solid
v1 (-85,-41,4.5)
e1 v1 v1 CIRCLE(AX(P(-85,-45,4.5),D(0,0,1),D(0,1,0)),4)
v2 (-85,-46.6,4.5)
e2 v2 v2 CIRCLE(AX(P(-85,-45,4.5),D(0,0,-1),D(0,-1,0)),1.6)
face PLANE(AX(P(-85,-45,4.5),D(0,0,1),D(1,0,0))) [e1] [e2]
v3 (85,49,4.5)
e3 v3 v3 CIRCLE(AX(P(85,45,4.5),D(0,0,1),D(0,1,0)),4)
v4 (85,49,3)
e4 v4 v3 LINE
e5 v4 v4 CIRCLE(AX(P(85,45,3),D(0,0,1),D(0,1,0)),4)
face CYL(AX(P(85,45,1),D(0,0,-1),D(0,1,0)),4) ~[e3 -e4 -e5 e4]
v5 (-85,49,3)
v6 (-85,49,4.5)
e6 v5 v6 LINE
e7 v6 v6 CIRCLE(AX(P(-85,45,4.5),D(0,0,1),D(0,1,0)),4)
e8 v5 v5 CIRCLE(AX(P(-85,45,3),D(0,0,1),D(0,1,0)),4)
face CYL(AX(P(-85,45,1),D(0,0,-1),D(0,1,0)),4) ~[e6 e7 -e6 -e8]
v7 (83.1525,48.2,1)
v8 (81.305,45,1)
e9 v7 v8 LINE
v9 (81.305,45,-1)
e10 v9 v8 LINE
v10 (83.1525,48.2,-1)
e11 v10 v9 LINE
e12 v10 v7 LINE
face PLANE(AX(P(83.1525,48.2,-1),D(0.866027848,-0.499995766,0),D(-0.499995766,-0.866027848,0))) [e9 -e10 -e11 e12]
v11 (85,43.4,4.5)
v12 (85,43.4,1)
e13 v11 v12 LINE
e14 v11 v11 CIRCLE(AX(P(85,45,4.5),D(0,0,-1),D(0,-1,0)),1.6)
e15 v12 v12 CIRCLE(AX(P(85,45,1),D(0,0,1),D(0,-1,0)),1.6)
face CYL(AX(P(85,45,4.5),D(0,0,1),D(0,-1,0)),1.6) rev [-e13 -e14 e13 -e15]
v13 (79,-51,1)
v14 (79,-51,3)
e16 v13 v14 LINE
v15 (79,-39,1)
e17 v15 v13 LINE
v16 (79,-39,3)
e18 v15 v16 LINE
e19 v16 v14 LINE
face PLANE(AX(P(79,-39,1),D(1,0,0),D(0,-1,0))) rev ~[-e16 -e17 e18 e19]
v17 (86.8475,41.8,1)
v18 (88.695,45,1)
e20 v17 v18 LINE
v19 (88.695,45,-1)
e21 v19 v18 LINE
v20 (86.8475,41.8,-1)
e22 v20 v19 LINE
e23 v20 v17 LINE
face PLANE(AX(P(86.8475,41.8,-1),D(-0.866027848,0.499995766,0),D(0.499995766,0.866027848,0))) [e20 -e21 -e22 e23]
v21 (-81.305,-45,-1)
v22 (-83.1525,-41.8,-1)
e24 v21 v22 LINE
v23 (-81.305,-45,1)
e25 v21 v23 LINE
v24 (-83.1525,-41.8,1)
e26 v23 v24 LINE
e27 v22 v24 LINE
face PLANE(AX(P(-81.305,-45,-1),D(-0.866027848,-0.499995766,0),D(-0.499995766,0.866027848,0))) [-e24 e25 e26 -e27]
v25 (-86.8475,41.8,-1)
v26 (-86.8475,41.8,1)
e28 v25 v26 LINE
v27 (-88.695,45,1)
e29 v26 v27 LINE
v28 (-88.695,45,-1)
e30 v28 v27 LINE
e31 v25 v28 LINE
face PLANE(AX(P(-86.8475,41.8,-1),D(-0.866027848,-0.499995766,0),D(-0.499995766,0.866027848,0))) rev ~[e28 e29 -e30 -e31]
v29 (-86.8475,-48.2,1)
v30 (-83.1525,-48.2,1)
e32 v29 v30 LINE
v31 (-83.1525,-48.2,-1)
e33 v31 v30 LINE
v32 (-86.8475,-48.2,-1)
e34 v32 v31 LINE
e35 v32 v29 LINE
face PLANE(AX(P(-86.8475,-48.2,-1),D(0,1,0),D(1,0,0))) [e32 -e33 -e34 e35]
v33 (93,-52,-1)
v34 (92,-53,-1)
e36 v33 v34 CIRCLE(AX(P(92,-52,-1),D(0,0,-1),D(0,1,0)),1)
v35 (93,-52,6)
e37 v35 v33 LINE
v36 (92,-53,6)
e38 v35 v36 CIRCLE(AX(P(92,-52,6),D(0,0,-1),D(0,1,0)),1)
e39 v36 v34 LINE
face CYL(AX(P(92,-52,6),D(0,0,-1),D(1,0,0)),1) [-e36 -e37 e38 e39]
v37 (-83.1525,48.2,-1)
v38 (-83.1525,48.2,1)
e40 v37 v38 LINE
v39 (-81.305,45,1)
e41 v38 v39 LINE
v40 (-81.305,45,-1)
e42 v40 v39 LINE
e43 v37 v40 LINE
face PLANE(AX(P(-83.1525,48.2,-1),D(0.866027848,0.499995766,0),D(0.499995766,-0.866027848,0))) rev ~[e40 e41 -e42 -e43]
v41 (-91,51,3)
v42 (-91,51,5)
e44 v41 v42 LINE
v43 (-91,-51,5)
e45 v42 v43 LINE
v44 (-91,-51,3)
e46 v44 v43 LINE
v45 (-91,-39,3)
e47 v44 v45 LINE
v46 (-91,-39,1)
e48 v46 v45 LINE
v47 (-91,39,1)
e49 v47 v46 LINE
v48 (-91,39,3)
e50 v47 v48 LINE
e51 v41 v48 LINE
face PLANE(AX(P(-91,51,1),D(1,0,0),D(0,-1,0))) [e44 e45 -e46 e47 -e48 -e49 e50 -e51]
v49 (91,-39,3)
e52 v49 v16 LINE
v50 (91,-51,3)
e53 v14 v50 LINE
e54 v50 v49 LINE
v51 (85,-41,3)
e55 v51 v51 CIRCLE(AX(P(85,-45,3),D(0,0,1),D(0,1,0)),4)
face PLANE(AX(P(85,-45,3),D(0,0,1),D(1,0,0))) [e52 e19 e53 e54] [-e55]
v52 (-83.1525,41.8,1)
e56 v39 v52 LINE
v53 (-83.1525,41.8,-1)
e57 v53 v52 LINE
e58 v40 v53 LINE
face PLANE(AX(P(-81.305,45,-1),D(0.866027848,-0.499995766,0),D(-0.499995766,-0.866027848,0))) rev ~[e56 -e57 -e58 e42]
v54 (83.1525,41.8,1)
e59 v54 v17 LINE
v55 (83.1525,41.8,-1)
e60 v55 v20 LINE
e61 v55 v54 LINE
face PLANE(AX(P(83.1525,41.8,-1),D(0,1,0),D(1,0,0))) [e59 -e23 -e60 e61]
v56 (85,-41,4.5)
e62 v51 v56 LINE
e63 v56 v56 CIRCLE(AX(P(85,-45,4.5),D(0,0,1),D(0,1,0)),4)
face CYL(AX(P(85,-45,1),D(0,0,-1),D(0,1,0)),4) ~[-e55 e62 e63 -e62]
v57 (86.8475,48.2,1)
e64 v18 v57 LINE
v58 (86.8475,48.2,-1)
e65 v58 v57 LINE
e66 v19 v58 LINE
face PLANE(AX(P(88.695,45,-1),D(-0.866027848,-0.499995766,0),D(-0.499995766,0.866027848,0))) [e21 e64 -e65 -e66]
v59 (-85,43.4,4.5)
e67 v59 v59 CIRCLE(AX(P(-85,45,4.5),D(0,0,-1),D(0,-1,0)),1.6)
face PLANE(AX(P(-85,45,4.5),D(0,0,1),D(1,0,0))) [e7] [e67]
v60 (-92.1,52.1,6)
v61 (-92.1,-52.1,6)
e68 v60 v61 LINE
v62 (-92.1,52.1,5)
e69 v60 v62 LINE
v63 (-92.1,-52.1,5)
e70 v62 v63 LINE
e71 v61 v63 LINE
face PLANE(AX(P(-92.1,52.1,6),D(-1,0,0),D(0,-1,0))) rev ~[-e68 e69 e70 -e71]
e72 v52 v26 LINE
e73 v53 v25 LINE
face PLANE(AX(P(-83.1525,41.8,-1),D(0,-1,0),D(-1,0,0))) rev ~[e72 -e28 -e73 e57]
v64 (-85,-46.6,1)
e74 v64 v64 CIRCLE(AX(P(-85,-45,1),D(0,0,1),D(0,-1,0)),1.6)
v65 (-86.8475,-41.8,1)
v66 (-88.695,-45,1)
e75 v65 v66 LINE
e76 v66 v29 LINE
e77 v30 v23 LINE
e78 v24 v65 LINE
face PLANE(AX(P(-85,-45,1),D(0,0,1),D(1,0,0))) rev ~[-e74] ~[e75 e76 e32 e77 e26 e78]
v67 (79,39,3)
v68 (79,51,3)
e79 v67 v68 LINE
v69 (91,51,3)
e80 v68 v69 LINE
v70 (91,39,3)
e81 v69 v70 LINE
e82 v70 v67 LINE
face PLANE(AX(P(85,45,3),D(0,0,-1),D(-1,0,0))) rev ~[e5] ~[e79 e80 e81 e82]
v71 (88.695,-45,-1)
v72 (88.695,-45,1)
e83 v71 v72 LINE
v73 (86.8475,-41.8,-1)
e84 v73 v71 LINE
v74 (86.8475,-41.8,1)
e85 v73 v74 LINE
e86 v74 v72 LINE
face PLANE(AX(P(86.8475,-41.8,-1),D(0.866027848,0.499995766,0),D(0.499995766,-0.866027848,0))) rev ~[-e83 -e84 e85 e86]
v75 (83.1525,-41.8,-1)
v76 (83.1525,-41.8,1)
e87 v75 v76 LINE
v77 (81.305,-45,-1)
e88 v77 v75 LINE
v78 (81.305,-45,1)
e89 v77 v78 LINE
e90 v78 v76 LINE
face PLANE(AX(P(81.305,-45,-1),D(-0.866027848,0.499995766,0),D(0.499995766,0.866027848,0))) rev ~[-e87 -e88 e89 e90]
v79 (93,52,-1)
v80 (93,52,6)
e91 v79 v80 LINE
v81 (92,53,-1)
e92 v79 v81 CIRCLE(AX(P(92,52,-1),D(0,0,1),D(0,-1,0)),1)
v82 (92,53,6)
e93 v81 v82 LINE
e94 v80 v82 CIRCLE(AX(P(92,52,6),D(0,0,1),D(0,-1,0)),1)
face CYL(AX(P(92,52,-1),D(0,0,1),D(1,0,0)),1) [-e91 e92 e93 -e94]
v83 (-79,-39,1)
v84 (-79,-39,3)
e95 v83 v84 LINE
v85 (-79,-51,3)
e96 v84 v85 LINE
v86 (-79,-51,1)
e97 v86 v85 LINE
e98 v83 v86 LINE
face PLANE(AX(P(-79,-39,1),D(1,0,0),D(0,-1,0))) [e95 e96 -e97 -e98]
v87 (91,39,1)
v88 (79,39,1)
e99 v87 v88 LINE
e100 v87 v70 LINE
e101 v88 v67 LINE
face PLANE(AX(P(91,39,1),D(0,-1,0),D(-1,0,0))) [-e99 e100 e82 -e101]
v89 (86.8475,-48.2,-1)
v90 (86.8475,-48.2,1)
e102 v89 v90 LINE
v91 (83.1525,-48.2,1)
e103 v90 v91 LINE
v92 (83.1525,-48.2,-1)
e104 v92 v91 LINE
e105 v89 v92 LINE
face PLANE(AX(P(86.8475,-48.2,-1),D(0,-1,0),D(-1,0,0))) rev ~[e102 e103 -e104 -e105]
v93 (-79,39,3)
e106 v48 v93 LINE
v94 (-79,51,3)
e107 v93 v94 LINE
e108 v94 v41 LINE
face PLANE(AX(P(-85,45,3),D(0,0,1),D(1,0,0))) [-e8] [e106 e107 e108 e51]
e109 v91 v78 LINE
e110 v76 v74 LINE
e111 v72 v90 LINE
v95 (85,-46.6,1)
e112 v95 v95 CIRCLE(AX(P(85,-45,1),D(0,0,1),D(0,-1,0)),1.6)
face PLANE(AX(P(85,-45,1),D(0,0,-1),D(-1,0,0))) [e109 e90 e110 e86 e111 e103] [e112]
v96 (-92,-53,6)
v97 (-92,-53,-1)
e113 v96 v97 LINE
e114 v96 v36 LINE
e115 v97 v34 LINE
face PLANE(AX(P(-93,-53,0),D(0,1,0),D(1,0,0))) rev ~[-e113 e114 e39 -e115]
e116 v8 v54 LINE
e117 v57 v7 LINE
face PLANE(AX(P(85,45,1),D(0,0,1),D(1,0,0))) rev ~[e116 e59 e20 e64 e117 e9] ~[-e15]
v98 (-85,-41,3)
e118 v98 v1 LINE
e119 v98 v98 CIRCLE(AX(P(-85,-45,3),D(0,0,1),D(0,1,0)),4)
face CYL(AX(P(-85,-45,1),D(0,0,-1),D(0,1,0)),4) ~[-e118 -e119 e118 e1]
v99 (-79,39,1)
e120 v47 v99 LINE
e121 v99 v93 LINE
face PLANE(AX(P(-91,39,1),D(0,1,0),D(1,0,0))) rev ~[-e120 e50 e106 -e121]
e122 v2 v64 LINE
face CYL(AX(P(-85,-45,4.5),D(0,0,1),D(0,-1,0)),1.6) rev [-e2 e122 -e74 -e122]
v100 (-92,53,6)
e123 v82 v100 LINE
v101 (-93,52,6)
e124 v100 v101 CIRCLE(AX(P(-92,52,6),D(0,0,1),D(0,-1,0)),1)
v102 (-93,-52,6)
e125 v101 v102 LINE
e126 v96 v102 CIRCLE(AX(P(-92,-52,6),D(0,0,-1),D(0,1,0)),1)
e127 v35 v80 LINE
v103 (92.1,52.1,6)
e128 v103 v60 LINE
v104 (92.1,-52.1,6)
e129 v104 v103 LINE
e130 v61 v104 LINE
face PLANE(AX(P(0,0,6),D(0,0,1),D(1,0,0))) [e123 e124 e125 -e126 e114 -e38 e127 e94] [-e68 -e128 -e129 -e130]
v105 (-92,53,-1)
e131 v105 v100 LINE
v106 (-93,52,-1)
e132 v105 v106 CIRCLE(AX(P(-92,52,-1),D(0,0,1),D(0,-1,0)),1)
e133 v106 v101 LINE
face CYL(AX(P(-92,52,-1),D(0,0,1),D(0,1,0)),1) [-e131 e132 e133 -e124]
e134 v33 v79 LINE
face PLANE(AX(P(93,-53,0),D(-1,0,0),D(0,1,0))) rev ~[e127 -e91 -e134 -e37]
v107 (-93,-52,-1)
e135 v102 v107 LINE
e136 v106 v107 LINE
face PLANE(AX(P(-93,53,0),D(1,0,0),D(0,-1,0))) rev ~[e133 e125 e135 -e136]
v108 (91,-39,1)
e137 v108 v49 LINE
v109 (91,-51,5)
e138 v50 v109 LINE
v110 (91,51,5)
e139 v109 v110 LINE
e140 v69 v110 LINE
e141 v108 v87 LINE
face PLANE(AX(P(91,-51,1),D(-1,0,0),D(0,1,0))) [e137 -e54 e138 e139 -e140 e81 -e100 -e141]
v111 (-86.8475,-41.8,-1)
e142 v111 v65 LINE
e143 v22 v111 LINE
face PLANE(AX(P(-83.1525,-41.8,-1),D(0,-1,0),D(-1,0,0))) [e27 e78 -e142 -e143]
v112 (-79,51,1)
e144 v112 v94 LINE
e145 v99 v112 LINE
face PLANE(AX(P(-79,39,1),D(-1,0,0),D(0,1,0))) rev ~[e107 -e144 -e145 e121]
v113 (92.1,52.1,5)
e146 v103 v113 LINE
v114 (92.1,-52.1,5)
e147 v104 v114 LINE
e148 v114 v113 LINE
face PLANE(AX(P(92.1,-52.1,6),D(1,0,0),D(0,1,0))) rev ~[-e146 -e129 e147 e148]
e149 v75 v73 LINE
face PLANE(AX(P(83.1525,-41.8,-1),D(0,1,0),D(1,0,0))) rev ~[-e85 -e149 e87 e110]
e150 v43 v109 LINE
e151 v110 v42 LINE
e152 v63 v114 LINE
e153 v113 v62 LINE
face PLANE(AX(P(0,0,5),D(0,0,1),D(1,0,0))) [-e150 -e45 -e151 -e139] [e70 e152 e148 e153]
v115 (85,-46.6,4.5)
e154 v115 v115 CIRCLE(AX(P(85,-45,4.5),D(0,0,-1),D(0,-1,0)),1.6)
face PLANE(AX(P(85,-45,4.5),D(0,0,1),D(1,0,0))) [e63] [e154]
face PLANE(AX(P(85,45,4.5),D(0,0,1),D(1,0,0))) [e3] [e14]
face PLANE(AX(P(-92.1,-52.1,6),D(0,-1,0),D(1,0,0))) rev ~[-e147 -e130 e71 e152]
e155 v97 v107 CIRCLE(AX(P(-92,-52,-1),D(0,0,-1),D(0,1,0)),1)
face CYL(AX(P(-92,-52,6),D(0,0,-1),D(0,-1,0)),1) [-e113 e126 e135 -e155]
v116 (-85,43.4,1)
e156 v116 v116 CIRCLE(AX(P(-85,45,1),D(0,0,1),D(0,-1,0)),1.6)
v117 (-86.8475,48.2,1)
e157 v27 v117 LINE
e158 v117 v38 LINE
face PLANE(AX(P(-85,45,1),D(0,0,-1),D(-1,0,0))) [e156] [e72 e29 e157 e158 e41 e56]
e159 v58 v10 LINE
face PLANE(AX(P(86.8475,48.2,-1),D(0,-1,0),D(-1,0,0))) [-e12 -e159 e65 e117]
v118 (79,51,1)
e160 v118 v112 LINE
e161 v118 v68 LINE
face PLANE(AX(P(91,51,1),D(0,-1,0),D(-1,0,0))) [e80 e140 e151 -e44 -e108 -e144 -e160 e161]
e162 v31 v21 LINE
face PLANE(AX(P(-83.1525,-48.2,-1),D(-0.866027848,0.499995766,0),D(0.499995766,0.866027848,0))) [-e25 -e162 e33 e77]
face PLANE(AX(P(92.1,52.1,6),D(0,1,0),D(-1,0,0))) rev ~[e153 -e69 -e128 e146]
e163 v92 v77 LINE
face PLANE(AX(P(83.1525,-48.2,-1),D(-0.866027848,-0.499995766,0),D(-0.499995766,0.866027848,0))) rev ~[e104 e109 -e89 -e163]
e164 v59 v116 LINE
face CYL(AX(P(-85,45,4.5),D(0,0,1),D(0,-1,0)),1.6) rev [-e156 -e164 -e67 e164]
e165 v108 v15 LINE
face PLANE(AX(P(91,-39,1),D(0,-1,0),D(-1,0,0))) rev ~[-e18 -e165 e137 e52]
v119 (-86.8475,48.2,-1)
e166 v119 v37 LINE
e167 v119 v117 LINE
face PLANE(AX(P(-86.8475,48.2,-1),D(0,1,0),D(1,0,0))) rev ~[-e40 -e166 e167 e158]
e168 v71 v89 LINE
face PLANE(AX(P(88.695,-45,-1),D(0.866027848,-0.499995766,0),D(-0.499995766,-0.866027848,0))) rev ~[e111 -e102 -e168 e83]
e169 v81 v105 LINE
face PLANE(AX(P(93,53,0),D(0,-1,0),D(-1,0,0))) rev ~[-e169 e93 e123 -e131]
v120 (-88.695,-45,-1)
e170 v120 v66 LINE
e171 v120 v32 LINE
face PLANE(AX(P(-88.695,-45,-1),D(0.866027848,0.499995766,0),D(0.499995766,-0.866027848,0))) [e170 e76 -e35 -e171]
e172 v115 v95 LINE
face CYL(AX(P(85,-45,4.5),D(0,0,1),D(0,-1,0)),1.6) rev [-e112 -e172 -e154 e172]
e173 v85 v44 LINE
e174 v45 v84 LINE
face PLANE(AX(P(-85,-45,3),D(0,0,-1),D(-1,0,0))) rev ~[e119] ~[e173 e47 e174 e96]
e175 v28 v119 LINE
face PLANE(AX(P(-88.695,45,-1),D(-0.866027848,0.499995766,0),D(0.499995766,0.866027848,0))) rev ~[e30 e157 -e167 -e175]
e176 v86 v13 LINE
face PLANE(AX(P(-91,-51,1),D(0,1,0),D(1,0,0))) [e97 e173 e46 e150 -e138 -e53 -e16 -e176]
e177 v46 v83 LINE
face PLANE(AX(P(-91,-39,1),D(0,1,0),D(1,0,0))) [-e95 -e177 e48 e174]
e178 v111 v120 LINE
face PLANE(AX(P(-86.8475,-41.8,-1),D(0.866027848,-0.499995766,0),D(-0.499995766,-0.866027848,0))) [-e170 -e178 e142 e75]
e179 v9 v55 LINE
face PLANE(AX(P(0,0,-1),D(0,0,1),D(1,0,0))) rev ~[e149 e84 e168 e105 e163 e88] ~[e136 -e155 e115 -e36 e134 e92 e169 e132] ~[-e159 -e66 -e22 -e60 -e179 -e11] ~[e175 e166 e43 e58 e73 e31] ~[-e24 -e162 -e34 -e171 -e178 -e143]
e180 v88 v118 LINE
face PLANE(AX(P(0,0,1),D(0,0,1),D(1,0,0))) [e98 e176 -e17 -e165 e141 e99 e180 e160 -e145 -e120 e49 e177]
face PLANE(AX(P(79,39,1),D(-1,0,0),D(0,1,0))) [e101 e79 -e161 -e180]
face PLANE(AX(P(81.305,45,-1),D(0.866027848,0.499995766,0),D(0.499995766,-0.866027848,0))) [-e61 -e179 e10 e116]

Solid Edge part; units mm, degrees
sketch "Sketch1" plane through (0, 0, 0) normal (0, 0, 1) x (1, 0, 0)
  line L0 (93, -53) -> (93, 53)
  line L1 (93, 53) -> (-93, 53)
  line L2 (-93, 53) -> (-93, -53)
  line L3 (-93, -53) -> (93, -53)
extrude "Protrusion1" add sketch "Sketch1" along normal mid plane 2
sketch "Sketch2" plane through (0, 0, 1) normal (0, 0, 1) x (1, 0, 0)
  line L0 (-93, 53) -> (-93, -53)
  line L1 (-93, -53) -> (93, -53)
  line L2 (93, -53) -> (93, 53)
  line L3 (93, 53) -> (-93, 53)
  line L4 (-91, 51) -> (-91, -51)
  line L5 (-91, -51) -> (91, -51)
  line L6 (91, -51) -> (91, 51)
  line L7 (91, 51) -> (-91, 51)
  dimension "D1" = 182
  dimension "D2" = 102
  dimension "D3" = 186
  dimension "D4" = 106
extrude "ExtrudedProtrusion_3" add sketch "Sketch2" along normal blind 5
sketch "Sketch3" plane through (0, 0, 1) normal (0, 0, 1) x (0, 1, 0)
  circle A0 centre (45, 85) radius 4
  circle A1 centre (-45, 85) radius 4
  circle A2 centre (45, -85) radius 4
  circle A3 centre (-45, -85) radius 4
  dimension "D1" = 100
  dimension "D2" = 180
  dimension "D3" = 8
  dimension "D4" = 5
  dimension "D5" = 5
  dimension "D6" = 8
  dimension "D7" = 5
  dimension "D8" = 8
  dimension "D9" = 5
  dimension "D10" = 5
extrude "ExtrudedProtrusion_4" add sketch "Sketch3" along normal blind 3.5
hole "Hole_1" at (-85, 45, 4.5) direction (0, 0, -1) diameter 3.2 end up to next
hole "Hole_2" at (-85, -45, 4.5) direction (0, 0, -1) diameter 3.2 end up to next
hole "Hole_3" at (85, 45, 4.5) direction (0, 0, -1) diameter 3.2 end up to next
hole "Hole_4" at (85, -45, 4.5) direction (0, 0, -1) diameter 3.2 end up to next
sketch "Sketch4" plane through (0, 0, 1) normal (0, 0, 1) x (0, 1, 0)
  circle A0 centre (45, 85) radius 4
  line L0 (51, 91) -> (39, 91)
  line L1 (39, 91) -> (39, 79)
  line L2 (39, 79) -> (51, 79)
  line L3 (51, 79) -> (51, 91)
  line L4 (39, -91) -> (39, -79)
  line L5 (39, -79) -> (51, -79)
  line L6 (51, -79) -> (51, -91)
  line L7 (51, -91) -> (39, -91)
  circle A1 centre (45, -85) radius 4
  circle A2 centre (-45, -85) radius 4
  line L8 (-51, -91) -> (-39, -91)
  line L9 (-39, -91) -> (-39, -79)
  line L10 (-39, -79) -> (-51, -79)
  line L11 (-51, -79) -> (-51, -91)
  line L12 (-39, 79) -> (-51, 79)
  line L13 (-51, 79) -> (-51, 91)
  line L14 (-51, 91) -> (-39, 91)
  line L15 (-39, 91) -> (-39, 79)
  circle A3 centre (-45, 85) radius 4
extrude "Protrusion2" add sketch "Sketch4" along normal blind 2
sketch "Sketch5" plane through (0, 0, 6) normal (0, 0, 1) x (1, 0, 0)
  line L0 (91, 51) -> (-91, 51)
  line L1 (-91, 51) -> (-91, -51)
  line L2 (-91, -51) -> (91, -51)
  line L3 (91, -51) -> (91, 51)
  line L4 (-92.1, 52.1) -> (-92.1, -52.1)
  line L5 (-92.1, -52.1) -> (92.1, -52.1)
  line L6 (92.1, -52.1) -> (92.1, 52.1)
  line L7 (92.1, 52.1) -> (-92.1, 52.1)
extrude "Vyříznutí_3" cut sketch "Sketch5" against normal blind 1
fillet "Zaoblení_3" radius 1 4 edges at (93, -53, 2.5) (93, 53, 2.5) (-93, 53, 2.5) (-93, -53, 2.5)
sketch "Sketch6" plane through (0, 0, -1) normal (0, 0, -1) x (0, 1, 0)
  line L0 (48.2, -83.1525) -> (45, -81.305)
  line L1 (45, -81.305) -> (41.8, -83.1525)
  line L2 (41.8, -83.1525) -> (41.8, -86.8475)
  line L3 (41.8, -86.8475) -> (45, -88.695)
  line L4 (45, -88.695) -> (48.2, -86.8475)
  line L5 (48.2, -86.8475) -> (48.2, -83.1525)
  line L6 (-45, -81.305) -> (-41.8, -83.1525)
  line L7 (-41.8, -83.1525) -> (-41.8, -86.8475)
  line L8 (-41.8, -86.8475) -> (-45, -88.695)
  line L9 (-45, -88.695) -> (-48.2, -86.8475)
  line L10 (-48.2, -86.8475) -> (-48.2, -83.1525)
  line L11 (-48.2, -83.1525) -> (-45, -81.305)
  line L12 (-45, 81.305) -> (-41.8, 83.1525)
  line L13 (-41.8, 83.1525) -> (-41.8, 86.8475)
  line L14 (-41.8, 86.8475) -> (-45, 88.695)
  line L15 (-45, 88.695) -> (-48.2, 86.8475)
  line L16 (-48.2, 86.8475) -> (-48.2, 83.1525)
  line L17 (-48.2, 83.1525) -> (-45, 81.305)
  line L18 (45, 81.305) -> (41.8, 83.1525)
  line L19 (41.8, 83.1525) -> (41.8, 86.8475)
  line L20 (41.8, 86.8475) -> (45, 88.695)
  line L21 (45, 88.695) -> (48.2, 86.8475)
  line L22 (48.2, 86.8475) -> (48.2, 83.1525)
  line L23 (48.2, 83.1525) -> (45, 81.305)
extrude "Vyříznutí_MatkaHoles" cut sketch "Sketch6" against normal blind 2
